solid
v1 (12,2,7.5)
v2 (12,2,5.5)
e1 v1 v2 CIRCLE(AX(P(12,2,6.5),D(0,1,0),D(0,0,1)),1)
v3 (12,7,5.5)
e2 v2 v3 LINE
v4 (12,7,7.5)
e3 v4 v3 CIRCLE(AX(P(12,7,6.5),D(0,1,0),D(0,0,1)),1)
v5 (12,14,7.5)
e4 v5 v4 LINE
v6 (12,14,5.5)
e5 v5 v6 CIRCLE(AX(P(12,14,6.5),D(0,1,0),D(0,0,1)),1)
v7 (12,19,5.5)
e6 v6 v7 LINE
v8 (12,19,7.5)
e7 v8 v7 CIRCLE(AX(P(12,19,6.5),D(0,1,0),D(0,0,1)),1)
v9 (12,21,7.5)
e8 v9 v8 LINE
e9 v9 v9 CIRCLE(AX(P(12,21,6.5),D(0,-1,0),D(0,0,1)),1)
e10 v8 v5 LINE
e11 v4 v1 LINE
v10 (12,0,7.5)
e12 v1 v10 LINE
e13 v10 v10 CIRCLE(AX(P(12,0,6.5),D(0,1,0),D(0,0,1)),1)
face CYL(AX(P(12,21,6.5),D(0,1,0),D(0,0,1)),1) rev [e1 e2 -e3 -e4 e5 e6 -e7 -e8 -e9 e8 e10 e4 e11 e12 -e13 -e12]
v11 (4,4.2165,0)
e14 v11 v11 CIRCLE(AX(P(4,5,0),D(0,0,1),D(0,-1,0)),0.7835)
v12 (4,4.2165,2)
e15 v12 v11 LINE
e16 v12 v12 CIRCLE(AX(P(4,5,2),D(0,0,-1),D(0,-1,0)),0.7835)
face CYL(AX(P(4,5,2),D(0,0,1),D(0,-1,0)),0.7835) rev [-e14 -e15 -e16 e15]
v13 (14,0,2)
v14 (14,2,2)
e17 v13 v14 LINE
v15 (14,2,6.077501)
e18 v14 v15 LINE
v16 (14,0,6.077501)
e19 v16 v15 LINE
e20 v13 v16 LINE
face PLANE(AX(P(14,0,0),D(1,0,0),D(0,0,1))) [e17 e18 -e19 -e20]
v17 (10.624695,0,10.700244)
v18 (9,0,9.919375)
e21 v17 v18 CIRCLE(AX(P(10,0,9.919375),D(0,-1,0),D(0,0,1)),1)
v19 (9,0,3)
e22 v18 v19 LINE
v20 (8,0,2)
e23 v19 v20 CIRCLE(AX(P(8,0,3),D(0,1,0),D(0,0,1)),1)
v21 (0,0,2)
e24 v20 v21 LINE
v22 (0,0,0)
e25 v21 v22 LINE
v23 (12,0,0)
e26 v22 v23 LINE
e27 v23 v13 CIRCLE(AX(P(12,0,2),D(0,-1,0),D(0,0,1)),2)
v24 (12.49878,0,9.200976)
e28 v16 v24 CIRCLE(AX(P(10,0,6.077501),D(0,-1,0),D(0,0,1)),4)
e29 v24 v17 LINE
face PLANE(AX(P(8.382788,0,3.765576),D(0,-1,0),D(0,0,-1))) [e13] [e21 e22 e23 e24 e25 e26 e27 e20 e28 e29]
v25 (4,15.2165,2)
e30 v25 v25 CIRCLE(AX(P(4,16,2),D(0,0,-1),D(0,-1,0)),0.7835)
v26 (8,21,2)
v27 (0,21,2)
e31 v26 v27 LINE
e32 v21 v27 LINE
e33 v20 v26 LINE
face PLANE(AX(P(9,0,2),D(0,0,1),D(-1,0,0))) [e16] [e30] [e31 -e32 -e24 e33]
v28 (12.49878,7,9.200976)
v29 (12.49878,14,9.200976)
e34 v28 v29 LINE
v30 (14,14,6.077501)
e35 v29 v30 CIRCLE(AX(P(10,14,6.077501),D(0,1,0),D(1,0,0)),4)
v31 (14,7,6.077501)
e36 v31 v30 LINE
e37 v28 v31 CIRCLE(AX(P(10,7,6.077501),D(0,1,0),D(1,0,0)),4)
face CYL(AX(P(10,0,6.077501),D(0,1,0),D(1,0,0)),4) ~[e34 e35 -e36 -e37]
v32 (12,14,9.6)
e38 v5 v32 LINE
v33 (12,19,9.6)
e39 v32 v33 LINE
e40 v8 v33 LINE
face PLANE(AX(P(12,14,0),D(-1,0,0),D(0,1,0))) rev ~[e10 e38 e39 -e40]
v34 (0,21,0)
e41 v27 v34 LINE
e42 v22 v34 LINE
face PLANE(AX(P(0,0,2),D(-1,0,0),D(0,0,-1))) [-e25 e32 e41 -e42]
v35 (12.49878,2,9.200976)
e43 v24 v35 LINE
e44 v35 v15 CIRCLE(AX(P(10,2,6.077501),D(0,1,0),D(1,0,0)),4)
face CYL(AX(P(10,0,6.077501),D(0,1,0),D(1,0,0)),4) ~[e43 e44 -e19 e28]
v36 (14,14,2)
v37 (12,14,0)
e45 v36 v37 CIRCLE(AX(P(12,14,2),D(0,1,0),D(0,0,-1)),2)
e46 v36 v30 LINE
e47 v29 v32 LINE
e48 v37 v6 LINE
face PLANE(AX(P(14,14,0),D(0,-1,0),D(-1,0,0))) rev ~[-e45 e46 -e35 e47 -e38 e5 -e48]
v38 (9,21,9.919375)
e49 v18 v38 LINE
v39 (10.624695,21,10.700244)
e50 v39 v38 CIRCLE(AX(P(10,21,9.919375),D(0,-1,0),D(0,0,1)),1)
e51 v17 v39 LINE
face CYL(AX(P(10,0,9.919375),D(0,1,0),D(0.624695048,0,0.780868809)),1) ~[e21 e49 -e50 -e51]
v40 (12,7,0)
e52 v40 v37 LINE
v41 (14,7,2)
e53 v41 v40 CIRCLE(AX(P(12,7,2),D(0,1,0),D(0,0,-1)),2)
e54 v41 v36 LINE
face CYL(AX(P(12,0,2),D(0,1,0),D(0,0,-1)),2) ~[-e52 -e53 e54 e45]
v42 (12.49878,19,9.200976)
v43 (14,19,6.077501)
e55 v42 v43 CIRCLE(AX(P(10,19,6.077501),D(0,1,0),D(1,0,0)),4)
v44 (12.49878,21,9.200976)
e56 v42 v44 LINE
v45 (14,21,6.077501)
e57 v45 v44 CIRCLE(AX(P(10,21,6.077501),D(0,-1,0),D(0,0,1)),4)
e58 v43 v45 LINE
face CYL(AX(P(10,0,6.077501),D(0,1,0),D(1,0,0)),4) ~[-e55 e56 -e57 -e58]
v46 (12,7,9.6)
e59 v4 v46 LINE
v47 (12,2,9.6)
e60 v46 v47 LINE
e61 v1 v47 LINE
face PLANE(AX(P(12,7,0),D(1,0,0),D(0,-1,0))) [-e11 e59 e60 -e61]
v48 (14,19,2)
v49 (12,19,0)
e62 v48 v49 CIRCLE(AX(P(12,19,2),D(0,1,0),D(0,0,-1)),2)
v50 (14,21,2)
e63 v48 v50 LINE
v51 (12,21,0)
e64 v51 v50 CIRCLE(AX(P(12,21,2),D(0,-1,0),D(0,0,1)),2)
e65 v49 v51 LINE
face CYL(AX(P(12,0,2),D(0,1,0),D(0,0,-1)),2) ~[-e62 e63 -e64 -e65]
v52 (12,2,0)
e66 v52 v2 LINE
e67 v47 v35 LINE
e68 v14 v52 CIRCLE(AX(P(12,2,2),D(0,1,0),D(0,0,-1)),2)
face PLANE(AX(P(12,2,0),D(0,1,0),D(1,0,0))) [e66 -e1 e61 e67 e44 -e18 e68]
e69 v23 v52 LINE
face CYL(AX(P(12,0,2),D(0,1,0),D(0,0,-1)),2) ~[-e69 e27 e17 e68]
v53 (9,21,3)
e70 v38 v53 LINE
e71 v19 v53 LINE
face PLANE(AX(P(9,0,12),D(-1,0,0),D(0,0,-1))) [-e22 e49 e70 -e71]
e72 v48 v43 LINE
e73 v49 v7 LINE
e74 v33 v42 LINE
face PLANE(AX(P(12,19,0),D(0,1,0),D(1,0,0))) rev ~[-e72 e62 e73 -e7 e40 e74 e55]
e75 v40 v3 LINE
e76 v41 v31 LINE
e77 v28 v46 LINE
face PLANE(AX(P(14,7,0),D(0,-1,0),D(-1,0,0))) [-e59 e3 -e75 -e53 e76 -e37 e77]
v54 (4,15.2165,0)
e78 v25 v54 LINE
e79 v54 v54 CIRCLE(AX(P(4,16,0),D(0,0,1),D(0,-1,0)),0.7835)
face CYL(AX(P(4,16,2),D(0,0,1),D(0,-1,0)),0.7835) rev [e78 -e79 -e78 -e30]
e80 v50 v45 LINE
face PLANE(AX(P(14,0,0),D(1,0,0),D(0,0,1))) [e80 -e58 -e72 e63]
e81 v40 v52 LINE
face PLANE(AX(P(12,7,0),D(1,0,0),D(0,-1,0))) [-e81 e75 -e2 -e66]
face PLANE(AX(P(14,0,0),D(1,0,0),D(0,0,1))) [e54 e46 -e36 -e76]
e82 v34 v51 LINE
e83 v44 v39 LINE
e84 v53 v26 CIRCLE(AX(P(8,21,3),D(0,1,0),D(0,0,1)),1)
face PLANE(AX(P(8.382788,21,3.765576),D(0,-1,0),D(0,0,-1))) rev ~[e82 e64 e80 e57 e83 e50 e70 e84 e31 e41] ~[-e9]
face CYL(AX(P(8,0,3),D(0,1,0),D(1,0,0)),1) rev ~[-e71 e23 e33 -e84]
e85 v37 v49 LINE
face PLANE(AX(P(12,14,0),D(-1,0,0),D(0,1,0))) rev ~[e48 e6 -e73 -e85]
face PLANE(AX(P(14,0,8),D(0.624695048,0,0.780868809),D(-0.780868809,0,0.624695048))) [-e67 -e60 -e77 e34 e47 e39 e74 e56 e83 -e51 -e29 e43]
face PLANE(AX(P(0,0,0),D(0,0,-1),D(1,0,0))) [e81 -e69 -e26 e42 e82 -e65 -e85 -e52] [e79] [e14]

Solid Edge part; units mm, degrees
sketch "Sketch1" plane through (0, 0, 0) normal (0, -1, 0) x (1, 0, 0)
  line L0 (0, 0) -> (14, 0)
  line L1 (14, 0) -> (14, 8)
  line L2 (14, 8) -> (9, 12)
  line L3 (9, 12) -> (9, 2)
  line L4 (9, 2) -> (0, 2)
  line L5 (0, 2) -> (0, 0)
  dimension "D1" = 2
  dimension "D2" = 14
  dimension "D3" = 10
  dimension "D4" = 9
  dimension "D5" = 8
extrude "Protrusion1" add sketch "Sketch1" against normal blind 21
fillet "round___body" radius 2 1 edges at (14, 10.5, 0)
fillet "round___body" radius 4 1 edges at (14, 10.5, 8)
fillet "round___body" radius 1 2 edges at (9, 10.5, 12) (9, 10.5, 2)
hole "Hole1" at (4, 5, 2) direction (0, 0, -1) diameter 1.567 end up to next thread major 2 thread length 2
hole "Hole2" at (4, 16, 2) direction (0, 0, -1) diameter 1.567 end up to next thread major 2 thread length 2
sketch "Sketch2" plane through (10.5, 10.5, 0) normal (0, 0, -1) x (0, 1, 0)
  line L0 (-8.5, 1.5) -> (-8.5, 3.5)
  line L1 (-8.5, 3.5) -> (-3.5, 3.5)
  line L2 (-3.5, 3.5) -> (-3.5, 1.5)
  line L3 (-3.5, 1.5) -> (-8.5, 1.5)
  line L4 (3.5, 1.5) -> (8.5, 1.5)
  line L5 (8.5, 1.5) -> (8.5, 3.5)
  line L6 (8.5, 3.5) -> (3.5, 3.5)
  line L7 (3.5, 3.5) -> (3.5, 1.5)
  dimension "D1" = 2
  dimension "D2" = 2
  dimension "D3" = 5
  dimension "D4" = 5
extrude "Cutout1" cut sketch "Sketch2" against normal up to next
hole "Hole___Hinge" at (12, 21, 6.5) direction (0, -1, 0) diameter 2 end through all
properties material "ABS Plastic, high impact"
